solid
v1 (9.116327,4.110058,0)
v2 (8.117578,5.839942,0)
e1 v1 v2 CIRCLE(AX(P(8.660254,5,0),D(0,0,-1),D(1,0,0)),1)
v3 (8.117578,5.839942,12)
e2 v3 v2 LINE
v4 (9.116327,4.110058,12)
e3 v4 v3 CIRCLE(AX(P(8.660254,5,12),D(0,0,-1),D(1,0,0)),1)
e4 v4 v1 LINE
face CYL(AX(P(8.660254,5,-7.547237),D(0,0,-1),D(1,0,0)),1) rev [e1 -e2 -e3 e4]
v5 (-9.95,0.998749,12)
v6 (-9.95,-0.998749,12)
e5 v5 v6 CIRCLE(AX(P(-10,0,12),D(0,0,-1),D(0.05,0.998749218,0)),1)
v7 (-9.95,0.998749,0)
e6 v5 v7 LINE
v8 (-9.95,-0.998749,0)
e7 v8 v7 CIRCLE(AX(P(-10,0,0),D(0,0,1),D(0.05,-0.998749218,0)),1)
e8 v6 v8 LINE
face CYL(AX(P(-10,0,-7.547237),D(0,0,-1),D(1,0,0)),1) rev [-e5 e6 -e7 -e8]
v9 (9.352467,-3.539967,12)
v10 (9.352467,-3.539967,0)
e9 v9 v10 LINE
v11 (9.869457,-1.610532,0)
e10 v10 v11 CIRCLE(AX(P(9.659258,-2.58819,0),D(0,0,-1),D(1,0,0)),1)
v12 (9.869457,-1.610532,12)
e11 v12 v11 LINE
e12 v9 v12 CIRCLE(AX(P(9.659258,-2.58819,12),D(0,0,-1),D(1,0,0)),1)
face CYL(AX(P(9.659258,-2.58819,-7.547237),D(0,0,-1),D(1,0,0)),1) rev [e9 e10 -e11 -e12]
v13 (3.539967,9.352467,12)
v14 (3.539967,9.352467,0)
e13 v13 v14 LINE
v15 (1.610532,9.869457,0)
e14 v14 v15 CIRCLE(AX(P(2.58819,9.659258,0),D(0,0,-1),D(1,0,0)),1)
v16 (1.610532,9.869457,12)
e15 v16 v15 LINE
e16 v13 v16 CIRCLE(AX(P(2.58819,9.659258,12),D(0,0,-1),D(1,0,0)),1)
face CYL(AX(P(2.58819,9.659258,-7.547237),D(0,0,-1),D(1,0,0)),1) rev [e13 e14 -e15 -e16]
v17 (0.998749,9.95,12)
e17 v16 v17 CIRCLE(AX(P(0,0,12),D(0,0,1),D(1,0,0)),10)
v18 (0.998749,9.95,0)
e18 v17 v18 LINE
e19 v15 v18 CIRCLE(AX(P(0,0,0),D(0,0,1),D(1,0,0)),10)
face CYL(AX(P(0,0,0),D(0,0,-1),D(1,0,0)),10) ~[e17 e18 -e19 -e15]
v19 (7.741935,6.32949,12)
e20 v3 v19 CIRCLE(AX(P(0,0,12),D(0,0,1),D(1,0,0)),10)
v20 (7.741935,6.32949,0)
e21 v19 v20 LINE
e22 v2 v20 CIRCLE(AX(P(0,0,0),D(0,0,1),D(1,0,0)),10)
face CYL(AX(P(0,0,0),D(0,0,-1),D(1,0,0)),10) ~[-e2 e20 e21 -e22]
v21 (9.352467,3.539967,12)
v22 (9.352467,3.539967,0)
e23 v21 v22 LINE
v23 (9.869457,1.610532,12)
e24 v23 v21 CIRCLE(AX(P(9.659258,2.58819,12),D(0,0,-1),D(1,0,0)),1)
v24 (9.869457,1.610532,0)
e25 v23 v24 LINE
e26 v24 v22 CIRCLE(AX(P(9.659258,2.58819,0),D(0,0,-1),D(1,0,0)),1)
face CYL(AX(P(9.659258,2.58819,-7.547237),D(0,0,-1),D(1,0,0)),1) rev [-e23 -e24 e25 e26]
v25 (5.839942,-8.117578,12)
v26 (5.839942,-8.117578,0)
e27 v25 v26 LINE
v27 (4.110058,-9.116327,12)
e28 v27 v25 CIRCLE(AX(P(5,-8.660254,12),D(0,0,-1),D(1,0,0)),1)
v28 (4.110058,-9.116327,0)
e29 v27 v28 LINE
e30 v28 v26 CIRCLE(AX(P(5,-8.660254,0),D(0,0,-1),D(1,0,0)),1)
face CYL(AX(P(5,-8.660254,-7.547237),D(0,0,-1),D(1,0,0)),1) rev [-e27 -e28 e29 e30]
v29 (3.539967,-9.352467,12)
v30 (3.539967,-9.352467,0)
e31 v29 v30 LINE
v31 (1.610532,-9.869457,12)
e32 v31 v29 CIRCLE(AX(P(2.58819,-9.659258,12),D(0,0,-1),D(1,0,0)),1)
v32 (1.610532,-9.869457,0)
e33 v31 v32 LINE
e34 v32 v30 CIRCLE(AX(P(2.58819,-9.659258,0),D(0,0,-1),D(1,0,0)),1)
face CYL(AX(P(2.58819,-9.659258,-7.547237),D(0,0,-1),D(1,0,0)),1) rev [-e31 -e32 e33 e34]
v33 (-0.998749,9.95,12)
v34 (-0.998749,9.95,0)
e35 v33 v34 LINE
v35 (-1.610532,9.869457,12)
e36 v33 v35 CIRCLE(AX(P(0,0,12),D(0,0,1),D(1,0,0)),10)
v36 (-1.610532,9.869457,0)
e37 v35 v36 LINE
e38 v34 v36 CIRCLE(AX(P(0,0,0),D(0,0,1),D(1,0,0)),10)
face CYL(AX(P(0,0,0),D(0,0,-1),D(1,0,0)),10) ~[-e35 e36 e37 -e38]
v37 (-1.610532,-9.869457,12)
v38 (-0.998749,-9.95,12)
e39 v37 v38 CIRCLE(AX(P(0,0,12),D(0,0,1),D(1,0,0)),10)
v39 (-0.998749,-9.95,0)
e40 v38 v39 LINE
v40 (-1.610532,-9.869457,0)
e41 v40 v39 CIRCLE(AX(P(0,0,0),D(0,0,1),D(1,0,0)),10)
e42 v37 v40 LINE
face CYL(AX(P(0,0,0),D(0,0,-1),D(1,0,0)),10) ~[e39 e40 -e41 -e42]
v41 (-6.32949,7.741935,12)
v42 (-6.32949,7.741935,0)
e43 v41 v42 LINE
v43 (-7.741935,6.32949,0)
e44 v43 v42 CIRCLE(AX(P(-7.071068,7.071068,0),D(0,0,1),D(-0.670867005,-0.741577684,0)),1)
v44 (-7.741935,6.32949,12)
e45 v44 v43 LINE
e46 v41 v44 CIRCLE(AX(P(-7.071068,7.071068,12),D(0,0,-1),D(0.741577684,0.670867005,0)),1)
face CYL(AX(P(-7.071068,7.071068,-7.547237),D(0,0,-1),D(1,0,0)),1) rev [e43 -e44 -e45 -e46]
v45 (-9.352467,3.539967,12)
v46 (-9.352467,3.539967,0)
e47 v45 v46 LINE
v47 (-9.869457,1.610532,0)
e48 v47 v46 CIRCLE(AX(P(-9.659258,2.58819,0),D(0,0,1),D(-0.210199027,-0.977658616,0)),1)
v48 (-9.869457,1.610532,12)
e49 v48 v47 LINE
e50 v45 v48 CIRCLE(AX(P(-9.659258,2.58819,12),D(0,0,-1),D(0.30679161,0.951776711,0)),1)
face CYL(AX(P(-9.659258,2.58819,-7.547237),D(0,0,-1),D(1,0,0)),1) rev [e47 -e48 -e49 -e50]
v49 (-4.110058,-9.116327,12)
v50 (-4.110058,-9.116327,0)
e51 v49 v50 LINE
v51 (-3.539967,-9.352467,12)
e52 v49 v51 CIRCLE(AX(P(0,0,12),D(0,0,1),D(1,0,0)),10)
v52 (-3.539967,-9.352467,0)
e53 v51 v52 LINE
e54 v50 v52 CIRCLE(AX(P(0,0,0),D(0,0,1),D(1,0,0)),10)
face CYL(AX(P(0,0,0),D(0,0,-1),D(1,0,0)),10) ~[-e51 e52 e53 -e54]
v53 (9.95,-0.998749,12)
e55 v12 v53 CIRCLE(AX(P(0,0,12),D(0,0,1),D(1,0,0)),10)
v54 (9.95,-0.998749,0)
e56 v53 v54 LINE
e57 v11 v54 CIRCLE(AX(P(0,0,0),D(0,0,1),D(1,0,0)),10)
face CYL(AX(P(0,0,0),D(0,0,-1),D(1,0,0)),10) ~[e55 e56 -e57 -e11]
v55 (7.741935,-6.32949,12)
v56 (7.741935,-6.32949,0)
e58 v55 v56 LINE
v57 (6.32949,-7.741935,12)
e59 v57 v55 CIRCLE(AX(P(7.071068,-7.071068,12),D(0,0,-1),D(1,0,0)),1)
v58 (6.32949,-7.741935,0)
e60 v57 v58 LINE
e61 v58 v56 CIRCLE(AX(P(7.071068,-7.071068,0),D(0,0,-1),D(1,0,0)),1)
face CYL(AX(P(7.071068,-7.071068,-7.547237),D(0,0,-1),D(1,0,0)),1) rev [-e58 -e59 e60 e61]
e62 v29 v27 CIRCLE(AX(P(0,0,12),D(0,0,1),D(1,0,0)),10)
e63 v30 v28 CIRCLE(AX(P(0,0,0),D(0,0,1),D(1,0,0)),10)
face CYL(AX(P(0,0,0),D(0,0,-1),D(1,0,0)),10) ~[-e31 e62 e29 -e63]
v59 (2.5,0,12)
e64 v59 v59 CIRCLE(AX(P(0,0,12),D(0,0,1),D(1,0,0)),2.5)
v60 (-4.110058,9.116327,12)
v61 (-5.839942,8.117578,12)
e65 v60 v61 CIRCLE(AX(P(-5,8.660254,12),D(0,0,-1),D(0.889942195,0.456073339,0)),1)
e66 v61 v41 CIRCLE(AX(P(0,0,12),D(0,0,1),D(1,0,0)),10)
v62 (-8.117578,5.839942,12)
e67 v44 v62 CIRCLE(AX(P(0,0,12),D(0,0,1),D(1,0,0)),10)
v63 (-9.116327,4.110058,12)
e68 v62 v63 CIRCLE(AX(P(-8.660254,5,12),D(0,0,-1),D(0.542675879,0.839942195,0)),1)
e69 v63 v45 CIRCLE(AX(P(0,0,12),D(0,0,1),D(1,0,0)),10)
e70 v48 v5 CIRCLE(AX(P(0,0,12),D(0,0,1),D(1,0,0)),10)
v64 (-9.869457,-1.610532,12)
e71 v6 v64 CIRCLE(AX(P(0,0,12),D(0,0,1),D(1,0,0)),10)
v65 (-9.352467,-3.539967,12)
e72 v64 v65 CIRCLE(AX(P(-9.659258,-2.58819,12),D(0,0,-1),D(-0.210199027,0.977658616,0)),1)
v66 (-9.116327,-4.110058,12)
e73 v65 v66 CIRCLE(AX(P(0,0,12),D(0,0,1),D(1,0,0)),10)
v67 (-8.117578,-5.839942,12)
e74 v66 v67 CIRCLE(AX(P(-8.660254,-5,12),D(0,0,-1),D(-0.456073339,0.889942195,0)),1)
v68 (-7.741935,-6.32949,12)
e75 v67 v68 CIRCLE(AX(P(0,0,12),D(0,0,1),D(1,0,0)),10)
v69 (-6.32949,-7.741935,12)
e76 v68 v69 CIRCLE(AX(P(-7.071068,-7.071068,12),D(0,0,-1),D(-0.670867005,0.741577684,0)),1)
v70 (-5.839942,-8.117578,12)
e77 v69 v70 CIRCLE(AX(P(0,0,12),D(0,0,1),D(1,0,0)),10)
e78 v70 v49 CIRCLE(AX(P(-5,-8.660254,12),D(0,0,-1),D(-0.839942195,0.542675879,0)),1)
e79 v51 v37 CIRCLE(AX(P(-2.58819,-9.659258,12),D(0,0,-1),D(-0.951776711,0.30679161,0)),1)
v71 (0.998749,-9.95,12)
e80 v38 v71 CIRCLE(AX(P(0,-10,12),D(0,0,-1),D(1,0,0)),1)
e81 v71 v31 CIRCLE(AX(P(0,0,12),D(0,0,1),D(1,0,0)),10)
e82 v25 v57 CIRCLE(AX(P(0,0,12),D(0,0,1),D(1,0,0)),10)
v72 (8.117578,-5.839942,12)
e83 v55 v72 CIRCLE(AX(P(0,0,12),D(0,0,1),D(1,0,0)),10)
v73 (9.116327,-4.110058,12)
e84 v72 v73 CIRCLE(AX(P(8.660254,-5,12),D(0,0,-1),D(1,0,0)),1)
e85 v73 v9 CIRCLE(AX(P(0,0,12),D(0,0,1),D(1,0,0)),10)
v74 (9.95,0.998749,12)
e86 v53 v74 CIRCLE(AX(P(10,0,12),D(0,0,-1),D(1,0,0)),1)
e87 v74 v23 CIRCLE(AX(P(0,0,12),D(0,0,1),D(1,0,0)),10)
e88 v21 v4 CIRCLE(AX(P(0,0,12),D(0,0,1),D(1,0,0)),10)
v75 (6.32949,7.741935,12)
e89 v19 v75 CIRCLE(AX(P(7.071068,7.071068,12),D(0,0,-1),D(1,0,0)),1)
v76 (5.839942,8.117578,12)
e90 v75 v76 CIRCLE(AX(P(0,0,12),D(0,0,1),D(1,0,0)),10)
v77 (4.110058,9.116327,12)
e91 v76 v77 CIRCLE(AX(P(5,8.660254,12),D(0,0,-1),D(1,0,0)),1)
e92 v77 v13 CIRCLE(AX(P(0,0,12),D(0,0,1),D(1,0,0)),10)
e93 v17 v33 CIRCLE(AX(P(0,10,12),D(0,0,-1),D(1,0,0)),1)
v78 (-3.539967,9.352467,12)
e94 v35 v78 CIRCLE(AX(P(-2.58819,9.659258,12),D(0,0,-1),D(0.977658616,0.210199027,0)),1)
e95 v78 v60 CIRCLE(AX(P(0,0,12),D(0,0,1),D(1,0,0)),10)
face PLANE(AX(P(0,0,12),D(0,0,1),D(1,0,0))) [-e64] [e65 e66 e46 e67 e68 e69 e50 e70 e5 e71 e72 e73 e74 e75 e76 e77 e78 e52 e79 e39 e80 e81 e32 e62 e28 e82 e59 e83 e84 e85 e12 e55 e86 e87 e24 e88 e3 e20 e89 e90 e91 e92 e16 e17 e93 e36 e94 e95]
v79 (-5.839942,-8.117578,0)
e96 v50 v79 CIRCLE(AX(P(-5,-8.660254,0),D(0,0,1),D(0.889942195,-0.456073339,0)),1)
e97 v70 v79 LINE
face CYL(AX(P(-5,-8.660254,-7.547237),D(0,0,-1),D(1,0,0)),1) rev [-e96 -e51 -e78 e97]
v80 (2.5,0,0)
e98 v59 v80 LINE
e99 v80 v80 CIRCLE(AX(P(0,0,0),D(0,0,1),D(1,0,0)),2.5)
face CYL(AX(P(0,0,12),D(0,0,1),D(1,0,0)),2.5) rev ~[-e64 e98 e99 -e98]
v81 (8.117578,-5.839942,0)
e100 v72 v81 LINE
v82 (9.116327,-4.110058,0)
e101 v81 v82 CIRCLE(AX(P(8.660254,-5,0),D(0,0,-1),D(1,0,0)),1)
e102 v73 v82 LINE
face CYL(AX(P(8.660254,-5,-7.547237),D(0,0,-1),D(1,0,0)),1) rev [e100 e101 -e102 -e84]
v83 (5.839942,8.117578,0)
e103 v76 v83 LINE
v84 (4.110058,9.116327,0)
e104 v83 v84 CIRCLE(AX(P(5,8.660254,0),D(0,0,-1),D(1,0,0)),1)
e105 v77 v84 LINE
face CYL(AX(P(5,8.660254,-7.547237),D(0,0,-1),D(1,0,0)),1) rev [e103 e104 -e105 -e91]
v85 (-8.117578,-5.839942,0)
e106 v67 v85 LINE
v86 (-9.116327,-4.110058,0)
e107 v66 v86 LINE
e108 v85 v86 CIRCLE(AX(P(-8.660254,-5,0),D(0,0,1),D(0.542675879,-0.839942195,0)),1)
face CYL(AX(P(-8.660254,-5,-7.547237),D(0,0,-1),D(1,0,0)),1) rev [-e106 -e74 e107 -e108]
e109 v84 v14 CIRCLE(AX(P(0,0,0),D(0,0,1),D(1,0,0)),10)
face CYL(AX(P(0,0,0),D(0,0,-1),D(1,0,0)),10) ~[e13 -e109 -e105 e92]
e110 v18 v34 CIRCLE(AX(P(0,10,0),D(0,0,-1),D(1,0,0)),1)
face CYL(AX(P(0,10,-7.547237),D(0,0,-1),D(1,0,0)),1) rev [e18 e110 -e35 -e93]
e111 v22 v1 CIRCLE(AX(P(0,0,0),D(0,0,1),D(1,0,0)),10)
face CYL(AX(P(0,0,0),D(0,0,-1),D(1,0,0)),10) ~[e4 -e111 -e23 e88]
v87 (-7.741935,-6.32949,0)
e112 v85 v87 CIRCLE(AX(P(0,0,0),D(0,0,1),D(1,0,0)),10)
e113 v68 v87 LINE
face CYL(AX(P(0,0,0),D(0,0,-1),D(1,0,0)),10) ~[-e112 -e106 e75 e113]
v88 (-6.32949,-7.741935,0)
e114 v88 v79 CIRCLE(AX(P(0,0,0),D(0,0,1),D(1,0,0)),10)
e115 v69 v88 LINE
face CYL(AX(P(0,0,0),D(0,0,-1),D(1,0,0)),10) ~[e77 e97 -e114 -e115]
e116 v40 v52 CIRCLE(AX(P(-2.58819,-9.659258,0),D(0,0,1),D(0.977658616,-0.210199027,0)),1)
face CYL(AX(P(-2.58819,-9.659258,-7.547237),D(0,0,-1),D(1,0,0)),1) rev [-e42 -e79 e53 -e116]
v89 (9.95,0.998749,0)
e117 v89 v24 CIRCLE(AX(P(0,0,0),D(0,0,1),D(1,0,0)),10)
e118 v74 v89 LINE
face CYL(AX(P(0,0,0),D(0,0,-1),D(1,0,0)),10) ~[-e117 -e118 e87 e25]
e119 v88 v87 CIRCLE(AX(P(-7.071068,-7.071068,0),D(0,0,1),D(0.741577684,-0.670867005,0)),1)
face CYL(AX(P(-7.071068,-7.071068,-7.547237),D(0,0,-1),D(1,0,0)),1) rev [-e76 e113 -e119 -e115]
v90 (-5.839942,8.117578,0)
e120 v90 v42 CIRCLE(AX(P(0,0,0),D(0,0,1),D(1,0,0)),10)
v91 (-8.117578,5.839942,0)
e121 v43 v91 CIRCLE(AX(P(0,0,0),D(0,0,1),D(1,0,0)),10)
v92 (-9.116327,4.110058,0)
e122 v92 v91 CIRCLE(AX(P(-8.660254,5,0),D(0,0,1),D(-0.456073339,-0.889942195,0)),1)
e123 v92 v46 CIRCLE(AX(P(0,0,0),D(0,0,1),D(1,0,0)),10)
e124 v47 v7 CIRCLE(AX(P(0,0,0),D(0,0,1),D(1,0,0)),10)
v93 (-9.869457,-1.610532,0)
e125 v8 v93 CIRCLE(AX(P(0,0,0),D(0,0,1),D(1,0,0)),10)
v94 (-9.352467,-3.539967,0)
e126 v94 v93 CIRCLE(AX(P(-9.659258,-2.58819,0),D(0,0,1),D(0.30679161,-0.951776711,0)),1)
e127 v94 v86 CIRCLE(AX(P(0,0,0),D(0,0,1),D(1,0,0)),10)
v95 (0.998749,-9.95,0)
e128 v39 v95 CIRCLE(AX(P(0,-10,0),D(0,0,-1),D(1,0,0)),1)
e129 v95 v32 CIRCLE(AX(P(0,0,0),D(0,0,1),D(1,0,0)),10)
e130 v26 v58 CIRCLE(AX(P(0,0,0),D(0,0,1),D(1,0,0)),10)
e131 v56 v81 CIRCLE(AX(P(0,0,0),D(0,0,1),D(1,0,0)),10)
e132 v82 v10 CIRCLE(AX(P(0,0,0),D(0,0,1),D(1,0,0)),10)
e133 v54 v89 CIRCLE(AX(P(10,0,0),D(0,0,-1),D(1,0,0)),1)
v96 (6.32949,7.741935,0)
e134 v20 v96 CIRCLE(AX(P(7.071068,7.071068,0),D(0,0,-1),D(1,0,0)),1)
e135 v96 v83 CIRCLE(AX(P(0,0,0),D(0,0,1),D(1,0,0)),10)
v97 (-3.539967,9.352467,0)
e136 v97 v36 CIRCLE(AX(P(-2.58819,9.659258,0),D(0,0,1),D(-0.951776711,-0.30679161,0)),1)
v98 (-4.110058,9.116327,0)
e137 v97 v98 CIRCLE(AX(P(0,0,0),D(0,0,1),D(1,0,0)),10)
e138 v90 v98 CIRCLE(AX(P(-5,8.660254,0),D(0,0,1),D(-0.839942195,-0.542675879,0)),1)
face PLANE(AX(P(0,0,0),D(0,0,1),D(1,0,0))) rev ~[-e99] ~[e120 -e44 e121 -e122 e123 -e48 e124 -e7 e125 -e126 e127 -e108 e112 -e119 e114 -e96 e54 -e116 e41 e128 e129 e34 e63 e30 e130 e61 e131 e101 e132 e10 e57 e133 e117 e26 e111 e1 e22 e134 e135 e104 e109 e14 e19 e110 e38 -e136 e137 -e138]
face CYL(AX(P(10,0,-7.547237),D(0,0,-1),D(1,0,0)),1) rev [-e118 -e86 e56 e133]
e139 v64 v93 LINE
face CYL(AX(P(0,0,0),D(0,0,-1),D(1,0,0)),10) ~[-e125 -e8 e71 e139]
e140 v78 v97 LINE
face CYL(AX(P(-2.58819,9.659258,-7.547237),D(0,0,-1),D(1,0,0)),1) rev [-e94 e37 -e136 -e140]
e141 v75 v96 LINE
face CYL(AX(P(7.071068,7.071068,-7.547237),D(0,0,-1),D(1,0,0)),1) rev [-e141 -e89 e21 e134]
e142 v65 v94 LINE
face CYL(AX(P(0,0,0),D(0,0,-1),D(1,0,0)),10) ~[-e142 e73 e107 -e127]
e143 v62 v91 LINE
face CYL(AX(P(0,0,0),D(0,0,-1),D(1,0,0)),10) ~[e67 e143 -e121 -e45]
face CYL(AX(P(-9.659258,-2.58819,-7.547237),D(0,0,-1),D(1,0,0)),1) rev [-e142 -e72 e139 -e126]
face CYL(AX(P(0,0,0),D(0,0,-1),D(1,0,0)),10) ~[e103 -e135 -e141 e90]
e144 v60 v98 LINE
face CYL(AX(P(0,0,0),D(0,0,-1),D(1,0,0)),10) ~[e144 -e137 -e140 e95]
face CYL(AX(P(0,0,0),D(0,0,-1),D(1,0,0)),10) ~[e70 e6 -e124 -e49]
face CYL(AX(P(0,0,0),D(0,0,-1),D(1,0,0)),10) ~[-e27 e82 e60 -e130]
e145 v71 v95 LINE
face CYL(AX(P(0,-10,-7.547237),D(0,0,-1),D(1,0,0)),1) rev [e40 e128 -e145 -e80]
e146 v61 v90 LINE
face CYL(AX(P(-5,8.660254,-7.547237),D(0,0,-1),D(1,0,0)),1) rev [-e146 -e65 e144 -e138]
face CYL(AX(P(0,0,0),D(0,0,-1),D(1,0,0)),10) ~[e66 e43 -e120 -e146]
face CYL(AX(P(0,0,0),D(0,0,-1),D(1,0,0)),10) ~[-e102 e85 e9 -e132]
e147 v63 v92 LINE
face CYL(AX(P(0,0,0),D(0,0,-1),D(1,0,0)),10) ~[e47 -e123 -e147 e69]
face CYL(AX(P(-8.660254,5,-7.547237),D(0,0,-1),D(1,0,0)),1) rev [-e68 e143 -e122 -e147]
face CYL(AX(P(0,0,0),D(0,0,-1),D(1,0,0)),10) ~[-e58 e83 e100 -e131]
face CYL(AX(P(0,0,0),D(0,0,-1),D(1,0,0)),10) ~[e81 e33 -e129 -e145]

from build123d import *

# Parameters (mm, degrees)
SKETCH1_R               = 10
BOSS_EXTRUDE1_DEPTH     = 12
CUT_EXTRUDE1_DEPTH      = 19.547236991
CUT_EXTRUDE1_DEPTH_BACK = 19.547236991
SKETCH2_R               = 1
SKETCH3_R               = 2.5
CUT_EXTRUDE2_DEPTH      = 19.493377193


with BuildPart() as part:
    # Sketch1 → Boss-Extrude1 (new body)
    with BuildSketch(Plane.XY):
        Circle(SKETCH1_R)
    extrude(amount=BOSS_EXTRUDE1_DEPTH)

    # Sketch2 → Cut-Extrude1 (cut, two sides: drawn at the far end of the back side and taken through both)
    with BuildSketch(Plane.XY.offset(12).offset(-CUT_EXTRUDE1_DEPTH_BACK)):
        with Locations((0, 10)):
            Circle(SKETCH2_R)
        with Locations((2.588190451, 9.659258263)):
            Circle(SKETCH2_R)
        with Locations((5, 8.660254038)):
            Circle(SKETCH2_R)
        with Locations((7.071067812, 7.071067812)):
            Circle(SKETCH2_R)
        with Locations((8.660254038, 5)):
            Circle(SKETCH2_R)
        with Locations((9.659258263, 2.588190451)):
            Circle(SKETCH2_R)
        with Locations((10, 0)):
            Circle(SKETCH2_R)
        with Locations((9.659258263, -2.588190451)):
            Circle(SKETCH2_R)
        with Locations((8.660254038, -5)):
            Circle(SKETCH2_R)
        with Locations((7.071067812, -7.071067812)):
            Circle(SKETCH2_R)
        with Locations((5, -8.660254038)):
            Circle(SKETCH2_R)
        with Locations((2.588190451, -9.659258263)):
            Circle(SKETCH2_R)
        with Locations((0, -10)):
            Circle(SKETCH2_R)
        with Locations((-2.588190451, -9.659258263)):
            Circle(SKETCH2_R)
        with Locations((-5, -8.660254038)):
            Circle(SKETCH2_R)
        with Locations((-7.071067812, -7.071067812)):
            Circle(SKETCH2_R)
        with Locations((-8.660254038, -5)):
            Circle(SKETCH2_R)
        with Locations((-9.659258263, -2.588190451)):
            Circle(SKETCH2_R)
        with Locations((-10, 0)):
            Circle(SKETCH2_R)
        with Locations((-9.659258263, 2.588190451)):
            Circle(SKETCH2_R)
        with Locations((-8.660254038, 5)):
            Circle(SKETCH2_R)
        with Locations((-7.071067812, 7.071067812)):
            Circle(SKETCH2_R)
        with Locations((-5, 8.660254038)):
            Circle(SKETCH2_R)
        with Locations((-2.588190451, 9.659258263)):
            Circle(SKETCH2_R)
    extrude(amount=CUT_EXTRUDE1_DEPTH + CUT_EXTRUDE1_DEPTH_BACK, mode=Mode.SUBTRACT)

    # Sketch3 → Cut-Extrude2 (cut, through all)
    with BuildSketch(Plane.XY.offset(12)):
        Circle(SKETCH3_R)
    extrude(amount=-CUT_EXTRUDE2_DEPTH, mode=Mode.SUBTRACT)


solid = part.part
